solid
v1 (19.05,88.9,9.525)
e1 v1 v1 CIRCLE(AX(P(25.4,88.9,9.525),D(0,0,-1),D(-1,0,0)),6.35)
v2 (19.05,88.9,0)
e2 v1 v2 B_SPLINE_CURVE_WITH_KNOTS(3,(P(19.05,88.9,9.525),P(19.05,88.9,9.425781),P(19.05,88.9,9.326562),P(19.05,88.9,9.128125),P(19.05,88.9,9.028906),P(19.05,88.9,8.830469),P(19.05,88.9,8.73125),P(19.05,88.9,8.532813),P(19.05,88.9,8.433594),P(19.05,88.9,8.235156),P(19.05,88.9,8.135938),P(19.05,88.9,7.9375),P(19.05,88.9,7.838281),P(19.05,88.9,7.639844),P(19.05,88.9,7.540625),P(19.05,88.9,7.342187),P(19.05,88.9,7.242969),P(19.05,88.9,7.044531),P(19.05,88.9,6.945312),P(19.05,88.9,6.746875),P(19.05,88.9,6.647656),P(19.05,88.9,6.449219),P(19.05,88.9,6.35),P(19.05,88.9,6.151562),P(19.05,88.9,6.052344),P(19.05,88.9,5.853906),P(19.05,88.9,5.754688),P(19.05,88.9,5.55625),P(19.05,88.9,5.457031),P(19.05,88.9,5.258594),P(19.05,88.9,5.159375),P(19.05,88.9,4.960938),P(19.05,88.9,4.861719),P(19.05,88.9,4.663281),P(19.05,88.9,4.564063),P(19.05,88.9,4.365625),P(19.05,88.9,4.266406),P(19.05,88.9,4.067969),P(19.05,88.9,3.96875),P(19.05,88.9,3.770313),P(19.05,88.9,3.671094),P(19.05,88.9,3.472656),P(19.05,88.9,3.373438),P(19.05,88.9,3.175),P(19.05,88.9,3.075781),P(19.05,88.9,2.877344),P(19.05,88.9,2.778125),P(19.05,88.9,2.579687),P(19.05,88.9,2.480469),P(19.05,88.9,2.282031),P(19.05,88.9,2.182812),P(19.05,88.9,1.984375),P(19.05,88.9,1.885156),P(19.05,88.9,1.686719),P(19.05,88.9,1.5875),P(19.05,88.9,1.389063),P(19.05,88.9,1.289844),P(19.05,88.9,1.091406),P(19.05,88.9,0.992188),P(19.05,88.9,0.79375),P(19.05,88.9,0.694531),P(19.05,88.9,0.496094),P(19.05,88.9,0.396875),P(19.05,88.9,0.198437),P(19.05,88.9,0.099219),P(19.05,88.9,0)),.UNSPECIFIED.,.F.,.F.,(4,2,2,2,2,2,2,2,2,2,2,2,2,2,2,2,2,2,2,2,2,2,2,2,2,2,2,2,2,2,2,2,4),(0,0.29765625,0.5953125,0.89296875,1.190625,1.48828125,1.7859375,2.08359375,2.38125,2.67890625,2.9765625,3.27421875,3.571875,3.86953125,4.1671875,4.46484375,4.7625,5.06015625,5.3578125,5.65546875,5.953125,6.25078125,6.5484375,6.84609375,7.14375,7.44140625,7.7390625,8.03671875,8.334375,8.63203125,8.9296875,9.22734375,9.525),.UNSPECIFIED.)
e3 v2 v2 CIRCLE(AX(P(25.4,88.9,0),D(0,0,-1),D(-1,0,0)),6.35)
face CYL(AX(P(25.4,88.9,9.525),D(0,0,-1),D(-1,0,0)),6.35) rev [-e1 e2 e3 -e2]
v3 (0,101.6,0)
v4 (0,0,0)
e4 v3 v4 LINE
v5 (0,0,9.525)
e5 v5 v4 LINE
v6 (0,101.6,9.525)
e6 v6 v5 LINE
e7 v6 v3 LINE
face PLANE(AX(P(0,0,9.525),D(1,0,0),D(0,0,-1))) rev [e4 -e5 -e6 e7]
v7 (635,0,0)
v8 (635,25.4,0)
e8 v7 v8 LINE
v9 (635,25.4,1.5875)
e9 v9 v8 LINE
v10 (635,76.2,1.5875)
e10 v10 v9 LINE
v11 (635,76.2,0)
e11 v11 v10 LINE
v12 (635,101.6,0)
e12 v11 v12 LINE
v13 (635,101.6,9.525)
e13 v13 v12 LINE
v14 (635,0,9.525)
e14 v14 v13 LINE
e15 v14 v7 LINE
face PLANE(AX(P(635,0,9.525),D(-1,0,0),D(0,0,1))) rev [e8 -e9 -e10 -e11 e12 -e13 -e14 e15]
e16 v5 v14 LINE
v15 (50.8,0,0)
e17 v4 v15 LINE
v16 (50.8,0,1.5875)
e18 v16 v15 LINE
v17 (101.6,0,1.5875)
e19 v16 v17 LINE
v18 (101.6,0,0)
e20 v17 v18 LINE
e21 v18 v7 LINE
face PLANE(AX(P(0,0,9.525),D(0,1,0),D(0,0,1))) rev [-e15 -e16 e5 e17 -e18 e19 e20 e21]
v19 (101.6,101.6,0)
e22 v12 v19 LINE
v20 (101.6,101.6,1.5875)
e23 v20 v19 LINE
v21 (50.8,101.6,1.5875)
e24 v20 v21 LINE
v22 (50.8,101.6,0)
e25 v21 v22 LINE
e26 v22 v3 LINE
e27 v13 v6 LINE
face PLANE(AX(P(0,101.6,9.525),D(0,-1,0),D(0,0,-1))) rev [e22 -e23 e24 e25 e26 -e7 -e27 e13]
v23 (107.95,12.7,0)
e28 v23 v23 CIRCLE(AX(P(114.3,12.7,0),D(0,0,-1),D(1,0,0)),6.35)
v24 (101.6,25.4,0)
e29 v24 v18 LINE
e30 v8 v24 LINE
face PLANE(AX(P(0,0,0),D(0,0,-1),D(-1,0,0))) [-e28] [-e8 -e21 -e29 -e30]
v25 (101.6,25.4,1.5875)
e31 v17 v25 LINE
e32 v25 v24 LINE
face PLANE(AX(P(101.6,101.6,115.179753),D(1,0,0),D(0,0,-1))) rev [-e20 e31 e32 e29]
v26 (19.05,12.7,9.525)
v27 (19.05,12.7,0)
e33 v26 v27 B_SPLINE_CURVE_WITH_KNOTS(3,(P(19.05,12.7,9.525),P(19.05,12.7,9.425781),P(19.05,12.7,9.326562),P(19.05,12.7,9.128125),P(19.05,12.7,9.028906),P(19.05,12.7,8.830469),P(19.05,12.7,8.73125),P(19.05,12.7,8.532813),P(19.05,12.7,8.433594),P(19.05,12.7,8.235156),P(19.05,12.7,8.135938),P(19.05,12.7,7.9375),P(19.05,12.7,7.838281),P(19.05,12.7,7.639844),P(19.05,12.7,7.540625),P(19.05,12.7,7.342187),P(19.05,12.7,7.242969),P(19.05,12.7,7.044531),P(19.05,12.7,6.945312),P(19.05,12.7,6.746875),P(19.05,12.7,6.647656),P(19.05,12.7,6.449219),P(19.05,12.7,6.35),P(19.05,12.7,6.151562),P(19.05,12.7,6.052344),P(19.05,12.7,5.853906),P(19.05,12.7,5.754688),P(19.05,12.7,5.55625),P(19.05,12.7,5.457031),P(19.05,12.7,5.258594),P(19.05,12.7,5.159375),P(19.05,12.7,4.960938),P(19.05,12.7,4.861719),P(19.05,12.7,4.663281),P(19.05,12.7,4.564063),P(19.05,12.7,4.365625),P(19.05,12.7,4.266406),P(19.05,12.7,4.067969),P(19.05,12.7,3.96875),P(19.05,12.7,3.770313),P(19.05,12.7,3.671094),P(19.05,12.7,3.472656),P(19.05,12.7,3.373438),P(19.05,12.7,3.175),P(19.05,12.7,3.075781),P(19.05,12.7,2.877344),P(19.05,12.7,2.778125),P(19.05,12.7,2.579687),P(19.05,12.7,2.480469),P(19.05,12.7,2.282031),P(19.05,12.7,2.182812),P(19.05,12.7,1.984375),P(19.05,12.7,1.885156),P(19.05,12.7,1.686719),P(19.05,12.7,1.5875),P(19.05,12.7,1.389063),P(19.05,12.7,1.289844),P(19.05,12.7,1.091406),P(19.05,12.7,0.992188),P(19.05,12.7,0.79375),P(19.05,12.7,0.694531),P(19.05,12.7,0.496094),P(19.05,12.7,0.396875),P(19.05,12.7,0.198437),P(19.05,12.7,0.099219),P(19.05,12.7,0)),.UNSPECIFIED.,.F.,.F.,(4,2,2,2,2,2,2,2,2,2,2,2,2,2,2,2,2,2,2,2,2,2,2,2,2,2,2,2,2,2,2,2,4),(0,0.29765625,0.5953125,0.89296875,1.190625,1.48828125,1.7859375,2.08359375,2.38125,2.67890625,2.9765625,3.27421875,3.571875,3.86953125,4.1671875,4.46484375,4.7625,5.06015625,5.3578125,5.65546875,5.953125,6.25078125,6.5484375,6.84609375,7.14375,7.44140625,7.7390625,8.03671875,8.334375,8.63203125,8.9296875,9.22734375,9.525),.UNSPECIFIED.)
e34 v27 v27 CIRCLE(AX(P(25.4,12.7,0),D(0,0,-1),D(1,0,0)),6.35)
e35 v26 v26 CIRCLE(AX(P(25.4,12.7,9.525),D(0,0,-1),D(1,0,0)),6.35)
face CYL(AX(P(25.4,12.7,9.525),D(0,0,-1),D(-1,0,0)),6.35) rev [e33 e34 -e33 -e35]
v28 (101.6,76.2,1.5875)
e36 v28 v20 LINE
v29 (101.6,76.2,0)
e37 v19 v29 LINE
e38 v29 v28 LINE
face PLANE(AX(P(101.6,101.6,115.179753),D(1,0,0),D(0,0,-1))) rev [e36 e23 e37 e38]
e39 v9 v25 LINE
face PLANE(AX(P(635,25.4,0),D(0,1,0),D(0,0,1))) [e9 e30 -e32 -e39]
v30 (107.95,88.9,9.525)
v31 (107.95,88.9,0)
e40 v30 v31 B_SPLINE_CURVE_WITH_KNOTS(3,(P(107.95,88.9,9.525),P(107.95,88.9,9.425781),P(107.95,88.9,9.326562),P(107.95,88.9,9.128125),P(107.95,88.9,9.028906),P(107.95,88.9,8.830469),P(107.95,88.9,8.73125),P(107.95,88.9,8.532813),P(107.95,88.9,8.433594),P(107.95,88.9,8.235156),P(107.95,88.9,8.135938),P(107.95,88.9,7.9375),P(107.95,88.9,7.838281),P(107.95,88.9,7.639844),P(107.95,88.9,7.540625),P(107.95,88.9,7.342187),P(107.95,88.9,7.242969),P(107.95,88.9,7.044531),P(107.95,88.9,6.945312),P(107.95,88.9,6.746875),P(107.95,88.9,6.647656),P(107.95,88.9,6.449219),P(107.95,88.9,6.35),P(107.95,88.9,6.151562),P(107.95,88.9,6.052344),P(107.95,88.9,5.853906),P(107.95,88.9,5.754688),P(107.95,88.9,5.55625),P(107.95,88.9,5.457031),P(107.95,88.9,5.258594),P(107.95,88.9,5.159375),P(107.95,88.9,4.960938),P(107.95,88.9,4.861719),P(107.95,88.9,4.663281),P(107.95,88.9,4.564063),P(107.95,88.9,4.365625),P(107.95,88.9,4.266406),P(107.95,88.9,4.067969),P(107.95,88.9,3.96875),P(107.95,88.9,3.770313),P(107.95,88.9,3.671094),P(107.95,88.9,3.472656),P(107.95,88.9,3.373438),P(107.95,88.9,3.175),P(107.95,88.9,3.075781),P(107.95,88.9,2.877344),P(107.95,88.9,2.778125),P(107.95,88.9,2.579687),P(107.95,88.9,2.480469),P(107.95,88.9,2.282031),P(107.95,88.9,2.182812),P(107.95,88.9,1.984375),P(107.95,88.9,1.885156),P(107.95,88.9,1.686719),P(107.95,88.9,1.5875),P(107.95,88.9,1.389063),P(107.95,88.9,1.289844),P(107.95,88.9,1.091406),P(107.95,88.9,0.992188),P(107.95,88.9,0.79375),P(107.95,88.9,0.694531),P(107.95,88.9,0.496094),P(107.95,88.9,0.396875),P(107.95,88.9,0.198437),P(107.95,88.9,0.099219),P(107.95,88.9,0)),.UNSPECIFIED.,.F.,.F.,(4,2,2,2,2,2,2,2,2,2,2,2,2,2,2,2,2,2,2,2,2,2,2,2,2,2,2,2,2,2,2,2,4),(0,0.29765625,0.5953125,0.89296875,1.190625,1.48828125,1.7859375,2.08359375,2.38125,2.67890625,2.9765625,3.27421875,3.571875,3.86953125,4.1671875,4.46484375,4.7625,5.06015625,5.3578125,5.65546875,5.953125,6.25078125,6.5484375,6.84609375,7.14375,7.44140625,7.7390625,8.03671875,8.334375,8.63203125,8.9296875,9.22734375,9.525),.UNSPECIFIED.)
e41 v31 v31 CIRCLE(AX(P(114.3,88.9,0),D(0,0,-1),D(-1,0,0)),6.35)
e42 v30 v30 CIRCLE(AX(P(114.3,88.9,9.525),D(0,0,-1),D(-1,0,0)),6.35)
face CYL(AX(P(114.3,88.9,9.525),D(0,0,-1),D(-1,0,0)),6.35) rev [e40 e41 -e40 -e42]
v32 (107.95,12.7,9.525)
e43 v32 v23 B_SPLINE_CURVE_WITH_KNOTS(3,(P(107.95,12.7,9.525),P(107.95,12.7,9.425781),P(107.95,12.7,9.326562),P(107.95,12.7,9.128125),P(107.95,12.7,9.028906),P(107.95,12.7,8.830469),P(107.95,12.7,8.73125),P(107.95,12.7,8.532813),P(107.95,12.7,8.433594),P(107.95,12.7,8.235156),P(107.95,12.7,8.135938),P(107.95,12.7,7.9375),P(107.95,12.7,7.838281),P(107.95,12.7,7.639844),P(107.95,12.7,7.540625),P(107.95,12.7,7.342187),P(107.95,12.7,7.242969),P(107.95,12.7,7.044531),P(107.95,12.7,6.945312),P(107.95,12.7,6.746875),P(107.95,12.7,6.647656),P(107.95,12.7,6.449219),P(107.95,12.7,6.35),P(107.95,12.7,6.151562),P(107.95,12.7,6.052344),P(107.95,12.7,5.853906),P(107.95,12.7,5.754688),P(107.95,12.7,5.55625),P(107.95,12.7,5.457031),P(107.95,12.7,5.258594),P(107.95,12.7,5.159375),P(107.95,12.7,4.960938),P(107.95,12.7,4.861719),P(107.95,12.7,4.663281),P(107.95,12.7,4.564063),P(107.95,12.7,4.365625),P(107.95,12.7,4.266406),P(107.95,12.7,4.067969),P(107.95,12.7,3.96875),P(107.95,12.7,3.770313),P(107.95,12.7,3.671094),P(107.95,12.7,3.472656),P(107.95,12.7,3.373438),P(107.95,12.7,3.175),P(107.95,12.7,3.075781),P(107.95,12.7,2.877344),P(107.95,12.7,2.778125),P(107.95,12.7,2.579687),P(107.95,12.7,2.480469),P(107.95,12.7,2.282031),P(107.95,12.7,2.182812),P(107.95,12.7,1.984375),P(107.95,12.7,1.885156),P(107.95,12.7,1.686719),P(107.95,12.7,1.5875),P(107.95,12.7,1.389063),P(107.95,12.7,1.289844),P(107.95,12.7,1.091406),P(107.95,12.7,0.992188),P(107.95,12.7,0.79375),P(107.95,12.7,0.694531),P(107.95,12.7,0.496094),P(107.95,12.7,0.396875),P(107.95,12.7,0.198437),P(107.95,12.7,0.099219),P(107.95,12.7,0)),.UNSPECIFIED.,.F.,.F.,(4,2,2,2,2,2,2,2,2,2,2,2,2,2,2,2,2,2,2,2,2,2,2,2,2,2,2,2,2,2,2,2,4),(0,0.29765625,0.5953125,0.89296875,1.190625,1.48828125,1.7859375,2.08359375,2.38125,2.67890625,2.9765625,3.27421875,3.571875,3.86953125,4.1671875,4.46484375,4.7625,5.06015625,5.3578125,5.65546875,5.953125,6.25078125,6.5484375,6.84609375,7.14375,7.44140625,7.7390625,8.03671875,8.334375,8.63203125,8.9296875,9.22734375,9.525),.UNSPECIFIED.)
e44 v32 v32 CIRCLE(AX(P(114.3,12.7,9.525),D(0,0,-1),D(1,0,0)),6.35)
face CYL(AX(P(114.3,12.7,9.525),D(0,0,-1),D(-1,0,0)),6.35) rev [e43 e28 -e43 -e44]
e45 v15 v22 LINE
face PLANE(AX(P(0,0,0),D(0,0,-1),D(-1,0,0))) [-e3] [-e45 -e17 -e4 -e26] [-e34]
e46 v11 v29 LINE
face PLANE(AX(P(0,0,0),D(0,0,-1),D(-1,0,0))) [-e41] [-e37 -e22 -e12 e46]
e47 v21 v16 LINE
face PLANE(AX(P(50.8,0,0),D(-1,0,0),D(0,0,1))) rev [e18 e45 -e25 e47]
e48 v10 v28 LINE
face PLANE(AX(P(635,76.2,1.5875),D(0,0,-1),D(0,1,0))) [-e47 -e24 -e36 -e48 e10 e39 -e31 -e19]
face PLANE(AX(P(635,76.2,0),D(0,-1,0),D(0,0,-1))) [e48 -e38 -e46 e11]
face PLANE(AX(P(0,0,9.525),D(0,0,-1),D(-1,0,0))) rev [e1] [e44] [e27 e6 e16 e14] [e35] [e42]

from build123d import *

# Parameters (mm, degrees)
SKETCH1_W               = 635
SKETCH1_H               = 101.6
BOSS_EXTRUDE1_DEPTH     = 9.525
CUT_EXTRUDE1_DEPTH      = 644.147172601
CUT_EXTRUDE1_DEPTH_BACK = 9.525
CUT_EXTRUDE1_START      = 60.325
SKETCH2_W               = 1.5875
SKETCH2_H               = 50.8
CUT_EXTRUDE4_DEPTH      = 644.147172601
CUT_EXTRUDE4_DEPTH_BACK = 644.147172601
SKETCH3_R               = 6.35
SKETCH5_W               = 50.8
SKETCH5_H               = 101.6
CUT_EXTRUDE5_DEPTH      = 1.5875


with BuildPart() as part:
    # Sketch1 → Boss-Extrude1 (new body)
    with BuildSketch(Plane.XY):
        with Locations((317.5, 50.8)):
            Rectangle(SKETCH1_W, SKETCH1_H)
    extrude(amount=BOSS_EXTRUDE1_DEPTH)

    # Sketch2 → Cut-Extrude1 (cut, two sides: drawn at the far end of the back side and taken through both)
    with BuildSketch(Plane(origin=(0, 0, 0), x_dir=(0, 0, -1), z_dir=(1, 0, 0)).offset(CUT_EXTRUDE1_START - CUT_EXTRUDE1_DEPTH_BACK)):
        with Locations((-0.79375, 50.8)):
            Rectangle(SKETCH2_W, SKETCH2_H)
    extrude(amount=CUT_EXTRUDE1_DEPTH + CUT_EXTRUDE1_DEPTH_BACK, mode=Mode.SUBTRACT)

    # Sketch3 → Cut-Extrude4 (cut, two sides: drawn at the far end of the back side and taken through both)
    with BuildSketch(Plane(origin=(0, 0, 0), x_dir=(-1, 0, 0), z_dir=(0, 0, -1)).offset(-CUT_EXTRUDE4_DEPTH_BACK)):
        with Locations((-25.4, 88.9)):
            Circle(SKETCH3_R)
        with Locations((-114.3, 88.9)):
            Circle(SKETCH3_R)
        with Locations((-114.3, 12.7)):
            Circle(SKETCH3_R)
        with Locations((-25.4, 12.7)):
            Circle(SKETCH3_R)
    extrude(amount=CUT_EXTRUDE4_DEPTH + CUT_EXTRUDE4_DEPTH_BACK, mode=Mode.SUBTRACT)

    # Sketch5 → Cut-Extrude5 (cut)
    with BuildSketch(Plane(origin=(0, 0, 0), x_dir=(-1, 0, 0), z_dir=(0, 0, -1))):
        with Locations((-76.2, 50.8)):
            Rectangle(SKETCH5_W, SKETCH5_H)
    extrude(amount=-CUT_EXTRUDE5_DEPTH, mode=Mode.SUBTRACT)


solid = part.part
